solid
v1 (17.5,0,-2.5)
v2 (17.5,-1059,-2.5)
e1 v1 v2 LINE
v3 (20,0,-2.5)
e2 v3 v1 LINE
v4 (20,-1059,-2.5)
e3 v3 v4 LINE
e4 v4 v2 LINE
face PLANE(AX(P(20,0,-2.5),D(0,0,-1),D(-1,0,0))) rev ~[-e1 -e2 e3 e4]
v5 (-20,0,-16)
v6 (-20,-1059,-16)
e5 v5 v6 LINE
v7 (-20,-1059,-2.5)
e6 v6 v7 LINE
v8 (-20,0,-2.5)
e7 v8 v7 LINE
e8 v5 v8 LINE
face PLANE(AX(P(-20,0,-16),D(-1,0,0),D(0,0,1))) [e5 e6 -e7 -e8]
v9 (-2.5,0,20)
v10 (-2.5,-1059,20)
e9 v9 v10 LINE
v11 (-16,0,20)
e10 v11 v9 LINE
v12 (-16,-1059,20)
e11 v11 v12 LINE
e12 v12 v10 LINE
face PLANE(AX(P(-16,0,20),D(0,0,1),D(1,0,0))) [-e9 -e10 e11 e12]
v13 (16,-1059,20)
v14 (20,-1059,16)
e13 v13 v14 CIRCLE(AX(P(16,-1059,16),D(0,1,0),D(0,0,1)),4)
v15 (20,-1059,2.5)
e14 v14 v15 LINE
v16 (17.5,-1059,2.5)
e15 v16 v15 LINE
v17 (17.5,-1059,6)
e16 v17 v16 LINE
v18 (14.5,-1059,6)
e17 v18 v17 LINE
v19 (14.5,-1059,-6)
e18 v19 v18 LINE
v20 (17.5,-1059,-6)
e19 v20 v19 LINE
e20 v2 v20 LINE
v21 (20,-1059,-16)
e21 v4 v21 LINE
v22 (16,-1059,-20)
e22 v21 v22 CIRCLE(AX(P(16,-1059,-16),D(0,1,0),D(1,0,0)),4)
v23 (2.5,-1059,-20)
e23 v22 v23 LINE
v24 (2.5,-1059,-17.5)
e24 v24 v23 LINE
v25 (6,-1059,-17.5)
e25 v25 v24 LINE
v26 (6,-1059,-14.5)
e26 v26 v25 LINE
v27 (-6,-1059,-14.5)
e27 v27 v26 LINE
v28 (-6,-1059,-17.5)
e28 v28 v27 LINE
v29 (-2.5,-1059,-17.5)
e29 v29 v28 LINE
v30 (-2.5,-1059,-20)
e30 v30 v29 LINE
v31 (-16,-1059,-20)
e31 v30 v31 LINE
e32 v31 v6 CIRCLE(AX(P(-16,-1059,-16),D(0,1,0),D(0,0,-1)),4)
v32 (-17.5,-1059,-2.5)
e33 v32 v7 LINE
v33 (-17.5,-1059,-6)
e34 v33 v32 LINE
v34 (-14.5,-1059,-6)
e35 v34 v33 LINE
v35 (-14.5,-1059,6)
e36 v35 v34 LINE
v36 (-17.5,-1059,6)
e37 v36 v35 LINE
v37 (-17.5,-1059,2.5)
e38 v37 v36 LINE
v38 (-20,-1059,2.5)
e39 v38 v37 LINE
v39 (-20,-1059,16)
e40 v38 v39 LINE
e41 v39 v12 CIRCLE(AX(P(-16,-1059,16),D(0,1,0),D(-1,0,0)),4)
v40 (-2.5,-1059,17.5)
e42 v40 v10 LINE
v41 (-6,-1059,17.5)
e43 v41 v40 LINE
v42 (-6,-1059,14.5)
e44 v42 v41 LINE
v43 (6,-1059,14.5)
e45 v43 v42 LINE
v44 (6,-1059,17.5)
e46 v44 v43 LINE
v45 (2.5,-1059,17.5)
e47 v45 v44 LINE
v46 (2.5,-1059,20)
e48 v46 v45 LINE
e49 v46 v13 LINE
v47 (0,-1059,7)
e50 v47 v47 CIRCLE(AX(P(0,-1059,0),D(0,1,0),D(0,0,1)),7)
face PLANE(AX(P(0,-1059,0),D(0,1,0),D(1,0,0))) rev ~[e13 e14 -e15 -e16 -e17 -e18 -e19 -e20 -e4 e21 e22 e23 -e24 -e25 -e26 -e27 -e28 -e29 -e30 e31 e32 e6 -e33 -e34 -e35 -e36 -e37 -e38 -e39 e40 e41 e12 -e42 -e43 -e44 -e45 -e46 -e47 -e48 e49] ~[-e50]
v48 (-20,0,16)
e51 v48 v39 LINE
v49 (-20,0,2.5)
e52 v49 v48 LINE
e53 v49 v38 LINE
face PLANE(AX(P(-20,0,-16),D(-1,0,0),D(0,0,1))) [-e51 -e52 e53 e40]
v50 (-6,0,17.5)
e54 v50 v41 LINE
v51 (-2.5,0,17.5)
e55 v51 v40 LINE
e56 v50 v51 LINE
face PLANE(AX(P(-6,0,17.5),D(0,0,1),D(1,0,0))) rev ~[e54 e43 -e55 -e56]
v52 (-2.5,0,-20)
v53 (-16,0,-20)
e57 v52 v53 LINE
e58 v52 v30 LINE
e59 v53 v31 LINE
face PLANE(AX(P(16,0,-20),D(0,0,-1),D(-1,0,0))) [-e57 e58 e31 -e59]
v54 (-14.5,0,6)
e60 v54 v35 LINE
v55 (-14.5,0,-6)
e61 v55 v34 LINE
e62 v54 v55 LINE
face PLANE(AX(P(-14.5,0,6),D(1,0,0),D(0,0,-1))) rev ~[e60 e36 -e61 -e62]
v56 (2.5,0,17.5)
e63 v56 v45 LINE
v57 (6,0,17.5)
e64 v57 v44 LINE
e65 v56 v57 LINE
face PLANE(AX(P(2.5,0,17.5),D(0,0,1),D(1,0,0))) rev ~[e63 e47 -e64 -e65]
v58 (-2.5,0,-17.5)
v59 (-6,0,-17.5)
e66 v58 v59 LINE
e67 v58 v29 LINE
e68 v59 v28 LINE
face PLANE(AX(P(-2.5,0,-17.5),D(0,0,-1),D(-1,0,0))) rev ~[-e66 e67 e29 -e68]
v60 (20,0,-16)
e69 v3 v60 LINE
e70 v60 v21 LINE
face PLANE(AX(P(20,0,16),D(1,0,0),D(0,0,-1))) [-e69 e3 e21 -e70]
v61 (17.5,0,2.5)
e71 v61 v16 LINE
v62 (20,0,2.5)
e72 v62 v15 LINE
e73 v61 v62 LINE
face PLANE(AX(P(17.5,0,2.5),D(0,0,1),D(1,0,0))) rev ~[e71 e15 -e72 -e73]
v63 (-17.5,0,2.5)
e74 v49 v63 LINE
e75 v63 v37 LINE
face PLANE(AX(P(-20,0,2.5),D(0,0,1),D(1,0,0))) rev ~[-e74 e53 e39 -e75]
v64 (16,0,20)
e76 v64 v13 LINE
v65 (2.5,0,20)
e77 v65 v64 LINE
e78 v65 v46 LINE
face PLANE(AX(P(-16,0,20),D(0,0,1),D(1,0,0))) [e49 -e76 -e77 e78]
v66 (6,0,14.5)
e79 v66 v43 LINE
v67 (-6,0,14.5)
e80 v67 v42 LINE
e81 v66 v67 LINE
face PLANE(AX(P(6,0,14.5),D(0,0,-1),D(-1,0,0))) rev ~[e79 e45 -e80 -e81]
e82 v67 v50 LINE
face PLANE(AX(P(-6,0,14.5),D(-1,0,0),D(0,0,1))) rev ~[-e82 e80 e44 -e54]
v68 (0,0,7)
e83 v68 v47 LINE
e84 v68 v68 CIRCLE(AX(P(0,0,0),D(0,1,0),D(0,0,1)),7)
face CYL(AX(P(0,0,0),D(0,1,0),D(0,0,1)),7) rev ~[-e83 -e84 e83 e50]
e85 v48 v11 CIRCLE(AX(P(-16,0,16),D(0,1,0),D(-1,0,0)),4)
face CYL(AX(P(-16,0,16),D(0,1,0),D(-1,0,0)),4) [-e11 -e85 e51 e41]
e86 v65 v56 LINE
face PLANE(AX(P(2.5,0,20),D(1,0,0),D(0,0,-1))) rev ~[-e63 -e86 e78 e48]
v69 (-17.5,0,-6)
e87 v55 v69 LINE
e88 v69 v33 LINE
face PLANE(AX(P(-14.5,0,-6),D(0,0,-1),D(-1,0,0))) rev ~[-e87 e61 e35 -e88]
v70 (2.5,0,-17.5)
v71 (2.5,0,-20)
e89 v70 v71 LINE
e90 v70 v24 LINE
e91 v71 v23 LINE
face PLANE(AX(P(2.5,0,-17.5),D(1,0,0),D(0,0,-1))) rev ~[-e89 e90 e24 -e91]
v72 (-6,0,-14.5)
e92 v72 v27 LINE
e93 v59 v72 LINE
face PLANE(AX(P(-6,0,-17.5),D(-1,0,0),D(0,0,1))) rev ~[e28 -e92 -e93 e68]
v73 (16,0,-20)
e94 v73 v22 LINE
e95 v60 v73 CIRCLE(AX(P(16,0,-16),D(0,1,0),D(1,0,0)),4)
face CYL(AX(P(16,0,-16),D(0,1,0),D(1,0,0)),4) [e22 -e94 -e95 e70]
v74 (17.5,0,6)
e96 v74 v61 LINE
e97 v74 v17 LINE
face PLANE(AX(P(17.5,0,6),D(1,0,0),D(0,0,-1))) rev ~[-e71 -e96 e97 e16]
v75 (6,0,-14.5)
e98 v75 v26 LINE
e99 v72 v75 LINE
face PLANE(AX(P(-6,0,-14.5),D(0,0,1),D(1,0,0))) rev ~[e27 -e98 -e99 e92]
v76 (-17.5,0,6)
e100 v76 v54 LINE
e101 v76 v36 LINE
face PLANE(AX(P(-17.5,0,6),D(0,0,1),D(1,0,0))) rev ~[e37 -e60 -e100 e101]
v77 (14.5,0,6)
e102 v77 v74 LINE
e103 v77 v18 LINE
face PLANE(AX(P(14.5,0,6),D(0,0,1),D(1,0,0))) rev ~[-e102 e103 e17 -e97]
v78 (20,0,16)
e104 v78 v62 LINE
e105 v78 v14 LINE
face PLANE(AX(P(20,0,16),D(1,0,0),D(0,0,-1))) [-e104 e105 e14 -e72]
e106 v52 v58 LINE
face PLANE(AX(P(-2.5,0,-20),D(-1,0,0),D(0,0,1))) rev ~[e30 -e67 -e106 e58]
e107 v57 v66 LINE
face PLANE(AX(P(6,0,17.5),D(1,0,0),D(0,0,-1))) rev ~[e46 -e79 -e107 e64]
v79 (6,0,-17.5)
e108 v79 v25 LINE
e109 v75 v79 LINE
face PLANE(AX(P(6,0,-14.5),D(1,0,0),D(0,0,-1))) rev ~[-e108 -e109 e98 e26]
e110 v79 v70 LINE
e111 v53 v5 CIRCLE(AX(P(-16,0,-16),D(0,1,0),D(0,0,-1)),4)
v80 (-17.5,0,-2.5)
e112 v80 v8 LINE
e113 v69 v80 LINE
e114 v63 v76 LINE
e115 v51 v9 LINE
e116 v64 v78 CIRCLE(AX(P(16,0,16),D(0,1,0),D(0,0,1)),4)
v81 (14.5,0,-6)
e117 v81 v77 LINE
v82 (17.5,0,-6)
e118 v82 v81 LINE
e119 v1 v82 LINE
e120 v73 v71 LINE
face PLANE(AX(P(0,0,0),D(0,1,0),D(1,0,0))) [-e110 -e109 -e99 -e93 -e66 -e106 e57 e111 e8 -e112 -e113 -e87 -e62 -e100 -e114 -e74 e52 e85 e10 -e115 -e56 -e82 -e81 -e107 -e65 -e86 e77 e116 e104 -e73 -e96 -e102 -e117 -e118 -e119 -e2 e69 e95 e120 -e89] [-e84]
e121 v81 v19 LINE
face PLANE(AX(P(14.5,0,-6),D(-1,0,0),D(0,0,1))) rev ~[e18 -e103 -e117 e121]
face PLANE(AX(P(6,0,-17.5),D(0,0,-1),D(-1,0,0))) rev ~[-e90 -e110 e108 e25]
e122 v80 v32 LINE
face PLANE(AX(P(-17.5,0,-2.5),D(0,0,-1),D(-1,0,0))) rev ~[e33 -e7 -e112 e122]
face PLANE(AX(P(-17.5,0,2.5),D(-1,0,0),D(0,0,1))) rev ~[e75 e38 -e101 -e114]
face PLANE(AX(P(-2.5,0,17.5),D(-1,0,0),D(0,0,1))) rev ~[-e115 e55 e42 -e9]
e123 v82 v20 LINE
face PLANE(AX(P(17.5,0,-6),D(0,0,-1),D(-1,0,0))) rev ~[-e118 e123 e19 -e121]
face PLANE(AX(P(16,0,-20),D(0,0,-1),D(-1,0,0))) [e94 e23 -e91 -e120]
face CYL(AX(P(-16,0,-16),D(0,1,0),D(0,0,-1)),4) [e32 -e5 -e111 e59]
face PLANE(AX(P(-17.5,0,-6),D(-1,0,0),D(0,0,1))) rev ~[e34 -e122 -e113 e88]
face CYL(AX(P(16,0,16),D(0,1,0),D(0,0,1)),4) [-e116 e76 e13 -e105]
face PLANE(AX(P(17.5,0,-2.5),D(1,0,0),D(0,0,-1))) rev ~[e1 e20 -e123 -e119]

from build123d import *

# Parameters (mm, degrees)
SKETCH2_R         = 7
EXTRUDE1_DEPTH    = 1059
EXTRUDE2_DEPTH    = 1060.377647489
CIRPATTERN1_COUNT = 4


with BuildPart() as part:
    # Sketch2 → Extrude1 (new body)
    with BuildSketch(Plane(origin=(0, 0, 0), x_dir=(1, 0, 0), z_dir=(0, 1, 0))):
        with BuildLine():
            Line((-16, -20), (16, -20))
            ThreePointArc((16, -20), (18.828427125, -18.828427125), (20, -16))
            Line((20, -16), (20, 16))
            ThreePointArc((20, 16), (18.828427125, 18.828427125), (16, 20))
            Line((16, 20), (-16, 20))
            ThreePointArc((-16, 20), (-18.828427125, 18.828427125), (-20, 16))
            Line((-20, 16), (-20, -16))
            ThreePointArc((-20, -16), (-18.828427125, -18.828427125), (-16, -20))
        make_face()
        Circle(SKETCH2_R, mode=Mode.SUBTRACT)
    extrude(amount=-EXTRUDE1_DEPTH)

    # Sketch3 → Extrude2 (cut, through all)
    with BuildSketch(Plane(origin=(0, 0, 0), x_dir=(1, 0, 0), z_dir=(0, 1, 0))):
        Polygon((-2.5, 20), (-2.5, 17.5), (-6, 17.5), (-6, 14.5), (6, 14.5), (6, 17.5), (2.5, 17.5), (2.5, 20), align=None)
    extrude2 = extrude(amount=-EXTRUDE2_DEPTH, mode=Mode.SUBTRACT)

    # CirPattern1: Extrude2 ×4 about axis
    cirpattern1_axis = Axis((0, 3.5, 0), (0, -1, 0))
    for i in range(1, CIRPATTERN1_COUNT):
        add(extrude2.rotate(cirpattern1_axis, i * 360 / CIRPATTERN1_COUNT), mode=Mode.SUBTRACT)


solid = part.part
